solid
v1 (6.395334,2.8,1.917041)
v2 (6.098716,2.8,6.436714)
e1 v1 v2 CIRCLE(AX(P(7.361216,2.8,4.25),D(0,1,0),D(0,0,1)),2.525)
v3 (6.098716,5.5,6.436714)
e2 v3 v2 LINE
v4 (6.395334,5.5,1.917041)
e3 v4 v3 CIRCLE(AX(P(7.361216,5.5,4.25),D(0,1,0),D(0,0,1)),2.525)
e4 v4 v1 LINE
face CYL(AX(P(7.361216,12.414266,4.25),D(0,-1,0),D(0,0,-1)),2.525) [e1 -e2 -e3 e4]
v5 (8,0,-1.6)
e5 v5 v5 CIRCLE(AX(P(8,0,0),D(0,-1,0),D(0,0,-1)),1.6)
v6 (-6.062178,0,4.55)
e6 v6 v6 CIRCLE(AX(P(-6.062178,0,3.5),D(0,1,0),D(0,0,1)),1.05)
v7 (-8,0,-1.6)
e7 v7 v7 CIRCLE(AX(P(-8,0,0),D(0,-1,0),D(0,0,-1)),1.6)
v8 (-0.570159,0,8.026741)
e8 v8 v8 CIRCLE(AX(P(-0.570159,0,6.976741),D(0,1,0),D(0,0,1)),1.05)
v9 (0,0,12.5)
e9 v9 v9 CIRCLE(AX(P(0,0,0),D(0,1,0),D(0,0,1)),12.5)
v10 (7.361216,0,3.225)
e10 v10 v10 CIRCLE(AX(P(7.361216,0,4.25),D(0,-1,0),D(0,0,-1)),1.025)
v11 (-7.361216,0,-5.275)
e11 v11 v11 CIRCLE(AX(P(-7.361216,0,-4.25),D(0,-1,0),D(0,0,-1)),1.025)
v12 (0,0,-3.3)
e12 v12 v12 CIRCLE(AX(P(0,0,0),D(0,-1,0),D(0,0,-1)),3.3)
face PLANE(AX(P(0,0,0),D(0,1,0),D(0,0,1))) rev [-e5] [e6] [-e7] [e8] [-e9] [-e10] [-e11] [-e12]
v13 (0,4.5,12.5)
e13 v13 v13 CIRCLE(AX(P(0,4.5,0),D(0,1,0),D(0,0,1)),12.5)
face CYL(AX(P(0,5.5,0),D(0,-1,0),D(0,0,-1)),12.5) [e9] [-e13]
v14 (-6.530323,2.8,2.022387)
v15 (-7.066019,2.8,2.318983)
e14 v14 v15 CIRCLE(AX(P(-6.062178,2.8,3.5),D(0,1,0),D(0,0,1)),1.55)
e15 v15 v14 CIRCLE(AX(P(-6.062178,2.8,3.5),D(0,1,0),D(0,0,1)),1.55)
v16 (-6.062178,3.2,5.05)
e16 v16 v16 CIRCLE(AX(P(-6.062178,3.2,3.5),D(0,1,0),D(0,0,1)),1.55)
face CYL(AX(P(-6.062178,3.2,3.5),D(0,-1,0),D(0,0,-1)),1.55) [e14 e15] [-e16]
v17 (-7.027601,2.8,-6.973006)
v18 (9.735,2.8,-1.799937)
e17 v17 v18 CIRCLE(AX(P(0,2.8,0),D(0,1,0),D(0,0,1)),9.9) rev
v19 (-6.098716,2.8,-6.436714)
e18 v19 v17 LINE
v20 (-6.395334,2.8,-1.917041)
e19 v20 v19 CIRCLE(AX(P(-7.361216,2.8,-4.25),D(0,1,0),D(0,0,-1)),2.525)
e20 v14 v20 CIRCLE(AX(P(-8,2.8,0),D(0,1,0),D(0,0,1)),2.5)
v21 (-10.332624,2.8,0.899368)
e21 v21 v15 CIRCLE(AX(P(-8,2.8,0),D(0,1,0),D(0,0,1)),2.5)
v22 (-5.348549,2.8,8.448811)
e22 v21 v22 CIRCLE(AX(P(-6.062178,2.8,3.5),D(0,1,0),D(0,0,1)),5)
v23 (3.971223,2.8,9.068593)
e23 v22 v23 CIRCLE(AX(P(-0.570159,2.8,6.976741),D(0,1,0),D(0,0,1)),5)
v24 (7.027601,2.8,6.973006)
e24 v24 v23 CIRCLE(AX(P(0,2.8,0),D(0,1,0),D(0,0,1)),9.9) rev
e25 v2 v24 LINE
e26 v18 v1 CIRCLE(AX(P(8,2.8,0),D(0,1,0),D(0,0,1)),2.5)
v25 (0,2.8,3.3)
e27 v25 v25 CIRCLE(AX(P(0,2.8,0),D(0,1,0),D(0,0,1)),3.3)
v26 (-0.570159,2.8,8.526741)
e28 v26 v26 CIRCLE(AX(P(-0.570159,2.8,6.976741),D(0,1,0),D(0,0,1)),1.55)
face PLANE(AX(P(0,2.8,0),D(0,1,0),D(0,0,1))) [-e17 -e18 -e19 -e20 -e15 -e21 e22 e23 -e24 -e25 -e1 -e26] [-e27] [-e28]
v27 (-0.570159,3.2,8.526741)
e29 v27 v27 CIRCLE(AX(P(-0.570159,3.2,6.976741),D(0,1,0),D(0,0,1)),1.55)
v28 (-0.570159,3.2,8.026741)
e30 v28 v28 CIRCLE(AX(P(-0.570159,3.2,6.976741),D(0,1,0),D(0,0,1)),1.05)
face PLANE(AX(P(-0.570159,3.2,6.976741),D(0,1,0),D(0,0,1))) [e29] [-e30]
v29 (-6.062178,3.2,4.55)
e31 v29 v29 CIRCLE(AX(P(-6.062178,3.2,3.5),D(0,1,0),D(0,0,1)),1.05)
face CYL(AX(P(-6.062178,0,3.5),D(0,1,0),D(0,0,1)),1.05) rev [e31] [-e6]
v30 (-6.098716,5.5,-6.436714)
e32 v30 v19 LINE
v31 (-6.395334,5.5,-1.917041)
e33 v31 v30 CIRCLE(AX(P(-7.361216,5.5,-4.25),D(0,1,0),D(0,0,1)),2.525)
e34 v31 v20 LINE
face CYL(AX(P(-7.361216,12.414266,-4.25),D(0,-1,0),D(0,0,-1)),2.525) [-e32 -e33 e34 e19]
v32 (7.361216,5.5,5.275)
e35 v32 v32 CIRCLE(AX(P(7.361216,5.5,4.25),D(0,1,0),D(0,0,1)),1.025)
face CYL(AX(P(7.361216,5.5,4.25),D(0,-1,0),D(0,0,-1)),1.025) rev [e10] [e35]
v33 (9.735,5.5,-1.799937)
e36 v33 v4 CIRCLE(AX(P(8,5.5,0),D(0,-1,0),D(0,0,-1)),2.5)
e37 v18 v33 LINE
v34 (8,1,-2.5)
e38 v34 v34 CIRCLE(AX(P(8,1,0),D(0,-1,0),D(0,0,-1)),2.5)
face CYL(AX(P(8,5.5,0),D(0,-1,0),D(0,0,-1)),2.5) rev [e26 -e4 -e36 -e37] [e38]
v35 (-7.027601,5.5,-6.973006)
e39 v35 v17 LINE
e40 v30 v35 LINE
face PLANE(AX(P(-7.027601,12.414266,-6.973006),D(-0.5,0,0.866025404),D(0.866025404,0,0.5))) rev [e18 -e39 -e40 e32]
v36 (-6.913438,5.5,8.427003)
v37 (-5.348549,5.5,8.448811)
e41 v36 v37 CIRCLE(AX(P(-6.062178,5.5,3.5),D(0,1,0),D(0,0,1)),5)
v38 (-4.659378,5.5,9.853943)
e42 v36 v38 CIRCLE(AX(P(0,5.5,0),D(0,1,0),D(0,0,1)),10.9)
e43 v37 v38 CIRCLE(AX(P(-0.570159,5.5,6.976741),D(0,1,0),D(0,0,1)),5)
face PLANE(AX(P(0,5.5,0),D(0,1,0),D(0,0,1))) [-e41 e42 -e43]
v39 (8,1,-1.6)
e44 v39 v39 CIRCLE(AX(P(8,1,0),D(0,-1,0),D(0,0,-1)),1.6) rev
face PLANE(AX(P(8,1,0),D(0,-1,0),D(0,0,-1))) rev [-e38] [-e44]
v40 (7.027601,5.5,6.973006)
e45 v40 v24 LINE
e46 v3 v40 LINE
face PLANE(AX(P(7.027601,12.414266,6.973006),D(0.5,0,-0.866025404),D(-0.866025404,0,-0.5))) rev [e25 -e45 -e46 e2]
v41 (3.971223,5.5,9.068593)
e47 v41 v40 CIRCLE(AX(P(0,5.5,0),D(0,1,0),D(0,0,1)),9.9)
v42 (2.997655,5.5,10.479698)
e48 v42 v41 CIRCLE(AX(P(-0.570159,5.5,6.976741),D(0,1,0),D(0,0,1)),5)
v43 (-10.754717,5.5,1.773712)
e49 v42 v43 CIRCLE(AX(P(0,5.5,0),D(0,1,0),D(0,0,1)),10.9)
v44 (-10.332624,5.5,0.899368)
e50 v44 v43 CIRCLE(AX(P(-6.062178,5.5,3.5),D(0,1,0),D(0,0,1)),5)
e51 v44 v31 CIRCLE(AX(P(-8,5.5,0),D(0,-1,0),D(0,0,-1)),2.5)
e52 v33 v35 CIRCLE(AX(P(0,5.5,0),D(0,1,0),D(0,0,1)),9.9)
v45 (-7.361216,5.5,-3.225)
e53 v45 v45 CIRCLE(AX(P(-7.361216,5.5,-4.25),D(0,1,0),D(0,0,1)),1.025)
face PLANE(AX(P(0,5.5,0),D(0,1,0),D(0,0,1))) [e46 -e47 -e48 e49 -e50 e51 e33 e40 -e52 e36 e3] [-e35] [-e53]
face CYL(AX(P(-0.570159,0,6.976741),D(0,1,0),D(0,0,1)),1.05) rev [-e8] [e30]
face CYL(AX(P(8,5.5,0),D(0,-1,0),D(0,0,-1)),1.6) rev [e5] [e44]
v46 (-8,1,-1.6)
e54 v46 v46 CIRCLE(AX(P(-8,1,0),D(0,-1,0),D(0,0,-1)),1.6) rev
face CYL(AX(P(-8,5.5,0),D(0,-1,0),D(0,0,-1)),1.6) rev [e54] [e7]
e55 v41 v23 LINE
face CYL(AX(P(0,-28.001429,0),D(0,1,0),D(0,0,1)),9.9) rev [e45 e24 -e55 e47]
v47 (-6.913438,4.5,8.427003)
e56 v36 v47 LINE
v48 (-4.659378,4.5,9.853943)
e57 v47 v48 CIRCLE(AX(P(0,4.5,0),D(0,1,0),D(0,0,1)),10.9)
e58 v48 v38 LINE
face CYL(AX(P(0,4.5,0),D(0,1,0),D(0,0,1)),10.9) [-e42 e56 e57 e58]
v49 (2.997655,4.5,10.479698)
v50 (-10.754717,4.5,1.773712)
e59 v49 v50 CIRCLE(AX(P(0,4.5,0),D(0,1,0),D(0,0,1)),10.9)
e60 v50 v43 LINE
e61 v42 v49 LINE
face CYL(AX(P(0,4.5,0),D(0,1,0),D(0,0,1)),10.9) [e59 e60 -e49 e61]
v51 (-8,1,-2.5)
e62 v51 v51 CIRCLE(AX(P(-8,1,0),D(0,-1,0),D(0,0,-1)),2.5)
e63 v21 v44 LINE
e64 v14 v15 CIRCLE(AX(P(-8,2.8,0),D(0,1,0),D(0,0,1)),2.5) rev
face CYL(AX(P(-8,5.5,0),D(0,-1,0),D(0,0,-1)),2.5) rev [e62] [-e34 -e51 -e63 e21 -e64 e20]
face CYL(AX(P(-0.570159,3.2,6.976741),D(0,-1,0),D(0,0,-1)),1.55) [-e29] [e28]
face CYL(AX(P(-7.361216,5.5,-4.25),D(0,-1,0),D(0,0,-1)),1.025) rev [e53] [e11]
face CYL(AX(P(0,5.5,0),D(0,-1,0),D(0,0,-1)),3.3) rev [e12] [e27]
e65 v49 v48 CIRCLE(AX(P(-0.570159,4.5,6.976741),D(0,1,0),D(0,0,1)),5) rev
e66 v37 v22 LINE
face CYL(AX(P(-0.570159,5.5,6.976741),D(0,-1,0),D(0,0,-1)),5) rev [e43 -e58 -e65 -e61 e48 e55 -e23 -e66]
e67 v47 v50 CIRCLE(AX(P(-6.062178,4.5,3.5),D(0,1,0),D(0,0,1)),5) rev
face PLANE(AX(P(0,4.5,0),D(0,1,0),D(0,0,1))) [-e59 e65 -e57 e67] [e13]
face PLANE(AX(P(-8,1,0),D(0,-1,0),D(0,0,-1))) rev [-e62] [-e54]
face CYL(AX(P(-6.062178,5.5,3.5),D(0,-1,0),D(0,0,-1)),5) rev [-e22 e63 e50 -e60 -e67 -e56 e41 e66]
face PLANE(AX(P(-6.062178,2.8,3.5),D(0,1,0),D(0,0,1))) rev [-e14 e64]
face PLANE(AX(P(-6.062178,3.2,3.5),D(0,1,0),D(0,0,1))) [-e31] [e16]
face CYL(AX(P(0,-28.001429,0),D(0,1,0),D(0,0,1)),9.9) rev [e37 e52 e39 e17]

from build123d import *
from build123d.topology import SkipClean

# Parameters (mm, degrees)
SKETCH1_R           = 12.5
BOSS_EXTRUDE1_DEPTH = 5.5
SKETCH2_OUTSIDE_W   = 34.156
SKETCH2_OUTSIDE_H   = 34.156
SKETCH2_OUTSIDE_R   = 10.9
CUT_EXTRUDE1_DEPTH  = 1
SKETCH3_R           = 9.9
CUT_EXTRUDE2_DEPTH  = 2.7
SKETCH4_R           = 3.3
SKETCH4_R_2         = 1.6
CUT_EXTRUDE3_DEPTH  = 19.513508582
CUT_EXTRUDE4_START  = -1
SKETCH5_R           = 2.5
CUT_EXTRUDE4_DEPTH  = 18.513508582
SKETCH6_R           = 1.025
CUT_EXTRUDE5_DEPTH  = 19.513508582
SKETCH7_R           = 1.025
BOSS_EXTRUDE2_DEPTH = 2.7
BOSS_EXTRUDE3_START = 2.7
BOSS_EXTRUDE3_DEPTH = 2.7
CIRPATTERN1_COUNT   = 2
SKETCH9_R           = 1.05
CUT_EXTRUDE6_DEPTH  = 18.898044586
BOSS_EXTRUDE4_START = 0.4
SKETCH10_R          = 1.55
SKETCH10_R_2        = 1.05
BOSS_EXTRUDE4_DEPTH = 0.4
SKETCH11_R          = 1.55
CUT_EXTRUDE7_DEPTH  = 18.898044586


with BuildPart() as part:
    # Sketch1 → Boss-Extrude1 (new body)
    with BuildSketch(Plane(origin=(0, 0, 0), x_dir=(1, 0, 0), z_dir=(0, 1, 0))):
        with Locations(Location((0, 0, 0), (0, 0, 270))):
            Circle(SKETCH1_R)
    extrude(amount=BOSS_EXTRUDE1_DEPTH)

    # Sketch2 outside → Cut-Extrude1 (cut)
    with BuildSketch(Plane(origin=(0, 5.5, 0), x_dir=(1, 0, 0), z_dir=(0, 1, 0))):
        Rectangle(SKETCH2_OUTSIDE_W, SKETCH2_OUTSIDE_H)
        with Locations(Location((0, 0, 0), (0, 0, 270))):
            Circle(SKETCH2_OUTSIDE_R, mode=Mode.SUBTRACT)
    extrude(amount=-CUT_EXTRUDE1_DEPTH, mode=Mode.SUBTRACT)

    # Sketch3 → Cut-Extrude2 (cut)
    with BuildSketch(Plane(origin=(0, 5.5, 0), x_dir=(1, 0, 0), z_dir=(0, 1, 0))):
        with Locations(Location((0, 0, 0), (0, 0, 270))):
            Circle(SKETCH3_R)
    extrude(amount=-CUT_EXTRUDE2_DEPTH, mode=Mode.SUBTRACT)

    # Sketch4 → Cut-Extrude3 (cut, through all)
    with BuildSketch(Plane.XZ):
        with Locations(Location((0, 0, 0), (0, 0, 270))):
            Circle(SKETCH4_R)
        with Locations(Location((8, 0, 0), (0, 0, 270))):
            Circle(SKETCH4_R_2)
        with Locations(Location((-8, 0, 0), (0, 0, 270))):
            Circle(SKETCH4_R_2)
    extrude(amount=-CUT_EXTRUDE3_DEPTH, mode=Mode.SUBTRACT)

    # Sketch5 → Cut-Extrude4 (cut, through all)
    with BuildSketch(Plane.XZ.offset(CUT_EXTRUDE4_START)):
        with Locations(Location((-8, 0, 0), (0, 0, 270))):
            Circle(SKETCH5_R)
        with Locations(Location((8, 0, 0), (0, 0, 270))):
            Circle(SKETCH5_R)
    extrude(amount=-CUT_EXTRUDE4_DEPTH, mode=Mode.SUBTRACT)

    # Sketch6 → Cut-Extrude5 (cut, through all)
    with BuildSketch(Plane.XZ):
        with Locations(Location((-7.361215932, -4.25, 0), (0, 0, 270))):
            Circle(SKETCH6_R)
        with Locations(Location((7.361215932, 4.25, 0), (0, 0, 270))):
            Circle(SKETCH6_R)
    extrude(amount=-CUT_EXTRUDE5_DEPTH, mode=Mode.SUBTRACT)

    # Sketch7 → Boss-Extrude2 (add)
    with BuildSketch(Plane(origin=(0, 2.8, 0), x_dir=(1, 0, 0), z_dir=(0, 1, 0))):
        with BuildLine():
            Line((-7.027601402, 6.97300642), (-6.098715932, 6.436714145))
            ThreePointArc((-6.098715932, 6.436714145), (-4.841636094, 4.084644513), (-6.39533393, 1.917041158))
            ThreePointArc((-6.39533393, 1.917041158), (-7.650163067, 2.47540181), (-9.010579303, 2.286641527))
            Line((-9.010579303, 2.286641527), (-9.552601402, 2.599578131))
            ThreePointArc((-9.552601402, 2.599578131), (-8.573651497, 4.95), (-7.027601402, 6.97300642))
        make_face()
        with Locations(Location((-7.361215932, 4.25, 0), (0, 0, 90))):
            Circle(SKETCH7_R, mode=Mode.SUBTRACT)
    boss_extrude2 = extrude(amount=BOSS_EXTRUDE2_DEPTH)

    # Sketch8 → Boss-Extrude3 (add)
    with BuildSketch(Plane(origin=(0, 2.8, 0), x_dir=(1, 0, 0), z_dir=(0, 1, 0)).offset(BOSS_EXTRUDE3_START)):
        with BuildLine():
            Line((-9.010579303, 2.286641527), (-9.552601402, 2.599578131))
            ThreePointArc((-9.552601402, 2.599578131), (-9.652085176, 2.20164751), (-9.735, 1.799937499))
            ThreePointArc((-9.735, 1.799937499), (-9.394192107, 2.075145385), (-9.010579303, 2.286641527))
        make_face()
    boss_extrude3 = extrude(amount=-BOSS_EXTRUDE3_DEPTH)

    # CirPattern1: Boss-Extrude2, Boss-Extrude3 ×2 about axis
    with SkipClean():  # the faces are left unmerged after this step: merging them gives an invalid solid
        cirpattern1_axis = Axis((0, 0, 0), (0, 1, 0))
        add([boss_extrude2.rotate(cirpattern1_axis, i * 360 / CIRPATTERN1_COUNT) for i in range(1, CIRPATTERN1_COUNT)])
        add([boss_extrude3.rotate(cirpattern1_axis, i * 360 / CIRPATTERN1_COUNT) for i in range(1, CIRPATTERN1_COUNT)])

    # Sketch9 → Cut-Extrude6 (cut, through all)
    with SkipClean():  # the faces are left unmerged after this step: merging them gives an invalid solid
        with BuildSketch(Plane(origin=(0, 2.8, 0), x_dir=(1, 0, 0), z_dir=(0, 1, 0))):
            with Locations(Location((-6.062177826, -3.5, 0), (0, 0, 270))):
                Circle(SKETCH9_R)
            with Locations(Location((-0.570159055, -6.976741263, 0), (0, 0, 270))):
                Circle(SKETCH9_R)
        extrude(amount=-CUT_EXTRUDE6_DEPTH, mode=Mode.SUBTRACT)

    # Sketch10 → Boss-Extrude4 (add)
    # profile 1 of 2: a face of its own
    with SkipClean():  # the faces are left unmerged after this step: merging them gives an invalid solid
        with BuildSketch(Plane(origin=(0, 2.8, 0), x_dir=(1, 0, 0), z_dir=(0, 1, 0)).offset(BOSS_EXTRUDE4_START)):
            with Locations(Location((-6.062177826, -3.5, 0), (0, 0, 107.579513766))):
                Circle(SKETCH10_R)
            with Locations(Location((-6.062177826, -3.5, 0), (0, 0, 270))):
                Circle(SKETCH10_R_2, mode=Mode.SUBTRACT)
        # profile 2 of 2: a face of its own
        with BuildSketch(Plane(origin=(0, 2.8, 0), x_dir=(1, 0, 0), z_dir=(0, 1, 0)).offset(BOSS_EXTRUDE4_START)):
            with Locations(Location((-0.570159055, -6.976741263, 0), (0, 0, 270))):
                Circle(SKETCH10_R)
            with Locations(Location((-0.570159055, -6.976741263, 0), (0, 0, 270))):
                Circle(SKETCH10_R_2, mode=Mode.SUBTRACT)
        extrude(amount=-BOSS_EXTRUDE4_DEPTH)

    # Sketch11 → Cut-Extrude7 (cut, through all)
    with SkipClean():  # the faces are left unmerged after this step: merging them gives an invalid solid
        with BuildSketch(Plane(origin=(0, 2.8, 0), x_dir=(1, 0, 0), z_dir=(0, 1, 0))):
            with BuildLine():
                ThreePointArc((-1.283787966, -2.027929913), (-10.286807651, -0.825583644), (-5.348548915, -8.44881135))
                ThreePointArc((-5.348548915, -8.44881135), (3.65447077, -9.651157619), (-1.283787966, -2.027929913))
            make_face()
            with Locations(Location((-6.062177826, -3.5, 0), (0, 0, 107.579513766))):
                Circle(SKETCH11_R, mode=Mode.SUBTRACT)
            with Locations(Location((-0.570159055, -6.976741263, 0), (0, 0, 270))):
                Circle(SKETCH11_R, mode=Mode.SUBTRACT)
        extrude(amount=CUT_EXTRUDE7_DEPTH, mode=Mode.SUBTRACT)


solid = part.part
